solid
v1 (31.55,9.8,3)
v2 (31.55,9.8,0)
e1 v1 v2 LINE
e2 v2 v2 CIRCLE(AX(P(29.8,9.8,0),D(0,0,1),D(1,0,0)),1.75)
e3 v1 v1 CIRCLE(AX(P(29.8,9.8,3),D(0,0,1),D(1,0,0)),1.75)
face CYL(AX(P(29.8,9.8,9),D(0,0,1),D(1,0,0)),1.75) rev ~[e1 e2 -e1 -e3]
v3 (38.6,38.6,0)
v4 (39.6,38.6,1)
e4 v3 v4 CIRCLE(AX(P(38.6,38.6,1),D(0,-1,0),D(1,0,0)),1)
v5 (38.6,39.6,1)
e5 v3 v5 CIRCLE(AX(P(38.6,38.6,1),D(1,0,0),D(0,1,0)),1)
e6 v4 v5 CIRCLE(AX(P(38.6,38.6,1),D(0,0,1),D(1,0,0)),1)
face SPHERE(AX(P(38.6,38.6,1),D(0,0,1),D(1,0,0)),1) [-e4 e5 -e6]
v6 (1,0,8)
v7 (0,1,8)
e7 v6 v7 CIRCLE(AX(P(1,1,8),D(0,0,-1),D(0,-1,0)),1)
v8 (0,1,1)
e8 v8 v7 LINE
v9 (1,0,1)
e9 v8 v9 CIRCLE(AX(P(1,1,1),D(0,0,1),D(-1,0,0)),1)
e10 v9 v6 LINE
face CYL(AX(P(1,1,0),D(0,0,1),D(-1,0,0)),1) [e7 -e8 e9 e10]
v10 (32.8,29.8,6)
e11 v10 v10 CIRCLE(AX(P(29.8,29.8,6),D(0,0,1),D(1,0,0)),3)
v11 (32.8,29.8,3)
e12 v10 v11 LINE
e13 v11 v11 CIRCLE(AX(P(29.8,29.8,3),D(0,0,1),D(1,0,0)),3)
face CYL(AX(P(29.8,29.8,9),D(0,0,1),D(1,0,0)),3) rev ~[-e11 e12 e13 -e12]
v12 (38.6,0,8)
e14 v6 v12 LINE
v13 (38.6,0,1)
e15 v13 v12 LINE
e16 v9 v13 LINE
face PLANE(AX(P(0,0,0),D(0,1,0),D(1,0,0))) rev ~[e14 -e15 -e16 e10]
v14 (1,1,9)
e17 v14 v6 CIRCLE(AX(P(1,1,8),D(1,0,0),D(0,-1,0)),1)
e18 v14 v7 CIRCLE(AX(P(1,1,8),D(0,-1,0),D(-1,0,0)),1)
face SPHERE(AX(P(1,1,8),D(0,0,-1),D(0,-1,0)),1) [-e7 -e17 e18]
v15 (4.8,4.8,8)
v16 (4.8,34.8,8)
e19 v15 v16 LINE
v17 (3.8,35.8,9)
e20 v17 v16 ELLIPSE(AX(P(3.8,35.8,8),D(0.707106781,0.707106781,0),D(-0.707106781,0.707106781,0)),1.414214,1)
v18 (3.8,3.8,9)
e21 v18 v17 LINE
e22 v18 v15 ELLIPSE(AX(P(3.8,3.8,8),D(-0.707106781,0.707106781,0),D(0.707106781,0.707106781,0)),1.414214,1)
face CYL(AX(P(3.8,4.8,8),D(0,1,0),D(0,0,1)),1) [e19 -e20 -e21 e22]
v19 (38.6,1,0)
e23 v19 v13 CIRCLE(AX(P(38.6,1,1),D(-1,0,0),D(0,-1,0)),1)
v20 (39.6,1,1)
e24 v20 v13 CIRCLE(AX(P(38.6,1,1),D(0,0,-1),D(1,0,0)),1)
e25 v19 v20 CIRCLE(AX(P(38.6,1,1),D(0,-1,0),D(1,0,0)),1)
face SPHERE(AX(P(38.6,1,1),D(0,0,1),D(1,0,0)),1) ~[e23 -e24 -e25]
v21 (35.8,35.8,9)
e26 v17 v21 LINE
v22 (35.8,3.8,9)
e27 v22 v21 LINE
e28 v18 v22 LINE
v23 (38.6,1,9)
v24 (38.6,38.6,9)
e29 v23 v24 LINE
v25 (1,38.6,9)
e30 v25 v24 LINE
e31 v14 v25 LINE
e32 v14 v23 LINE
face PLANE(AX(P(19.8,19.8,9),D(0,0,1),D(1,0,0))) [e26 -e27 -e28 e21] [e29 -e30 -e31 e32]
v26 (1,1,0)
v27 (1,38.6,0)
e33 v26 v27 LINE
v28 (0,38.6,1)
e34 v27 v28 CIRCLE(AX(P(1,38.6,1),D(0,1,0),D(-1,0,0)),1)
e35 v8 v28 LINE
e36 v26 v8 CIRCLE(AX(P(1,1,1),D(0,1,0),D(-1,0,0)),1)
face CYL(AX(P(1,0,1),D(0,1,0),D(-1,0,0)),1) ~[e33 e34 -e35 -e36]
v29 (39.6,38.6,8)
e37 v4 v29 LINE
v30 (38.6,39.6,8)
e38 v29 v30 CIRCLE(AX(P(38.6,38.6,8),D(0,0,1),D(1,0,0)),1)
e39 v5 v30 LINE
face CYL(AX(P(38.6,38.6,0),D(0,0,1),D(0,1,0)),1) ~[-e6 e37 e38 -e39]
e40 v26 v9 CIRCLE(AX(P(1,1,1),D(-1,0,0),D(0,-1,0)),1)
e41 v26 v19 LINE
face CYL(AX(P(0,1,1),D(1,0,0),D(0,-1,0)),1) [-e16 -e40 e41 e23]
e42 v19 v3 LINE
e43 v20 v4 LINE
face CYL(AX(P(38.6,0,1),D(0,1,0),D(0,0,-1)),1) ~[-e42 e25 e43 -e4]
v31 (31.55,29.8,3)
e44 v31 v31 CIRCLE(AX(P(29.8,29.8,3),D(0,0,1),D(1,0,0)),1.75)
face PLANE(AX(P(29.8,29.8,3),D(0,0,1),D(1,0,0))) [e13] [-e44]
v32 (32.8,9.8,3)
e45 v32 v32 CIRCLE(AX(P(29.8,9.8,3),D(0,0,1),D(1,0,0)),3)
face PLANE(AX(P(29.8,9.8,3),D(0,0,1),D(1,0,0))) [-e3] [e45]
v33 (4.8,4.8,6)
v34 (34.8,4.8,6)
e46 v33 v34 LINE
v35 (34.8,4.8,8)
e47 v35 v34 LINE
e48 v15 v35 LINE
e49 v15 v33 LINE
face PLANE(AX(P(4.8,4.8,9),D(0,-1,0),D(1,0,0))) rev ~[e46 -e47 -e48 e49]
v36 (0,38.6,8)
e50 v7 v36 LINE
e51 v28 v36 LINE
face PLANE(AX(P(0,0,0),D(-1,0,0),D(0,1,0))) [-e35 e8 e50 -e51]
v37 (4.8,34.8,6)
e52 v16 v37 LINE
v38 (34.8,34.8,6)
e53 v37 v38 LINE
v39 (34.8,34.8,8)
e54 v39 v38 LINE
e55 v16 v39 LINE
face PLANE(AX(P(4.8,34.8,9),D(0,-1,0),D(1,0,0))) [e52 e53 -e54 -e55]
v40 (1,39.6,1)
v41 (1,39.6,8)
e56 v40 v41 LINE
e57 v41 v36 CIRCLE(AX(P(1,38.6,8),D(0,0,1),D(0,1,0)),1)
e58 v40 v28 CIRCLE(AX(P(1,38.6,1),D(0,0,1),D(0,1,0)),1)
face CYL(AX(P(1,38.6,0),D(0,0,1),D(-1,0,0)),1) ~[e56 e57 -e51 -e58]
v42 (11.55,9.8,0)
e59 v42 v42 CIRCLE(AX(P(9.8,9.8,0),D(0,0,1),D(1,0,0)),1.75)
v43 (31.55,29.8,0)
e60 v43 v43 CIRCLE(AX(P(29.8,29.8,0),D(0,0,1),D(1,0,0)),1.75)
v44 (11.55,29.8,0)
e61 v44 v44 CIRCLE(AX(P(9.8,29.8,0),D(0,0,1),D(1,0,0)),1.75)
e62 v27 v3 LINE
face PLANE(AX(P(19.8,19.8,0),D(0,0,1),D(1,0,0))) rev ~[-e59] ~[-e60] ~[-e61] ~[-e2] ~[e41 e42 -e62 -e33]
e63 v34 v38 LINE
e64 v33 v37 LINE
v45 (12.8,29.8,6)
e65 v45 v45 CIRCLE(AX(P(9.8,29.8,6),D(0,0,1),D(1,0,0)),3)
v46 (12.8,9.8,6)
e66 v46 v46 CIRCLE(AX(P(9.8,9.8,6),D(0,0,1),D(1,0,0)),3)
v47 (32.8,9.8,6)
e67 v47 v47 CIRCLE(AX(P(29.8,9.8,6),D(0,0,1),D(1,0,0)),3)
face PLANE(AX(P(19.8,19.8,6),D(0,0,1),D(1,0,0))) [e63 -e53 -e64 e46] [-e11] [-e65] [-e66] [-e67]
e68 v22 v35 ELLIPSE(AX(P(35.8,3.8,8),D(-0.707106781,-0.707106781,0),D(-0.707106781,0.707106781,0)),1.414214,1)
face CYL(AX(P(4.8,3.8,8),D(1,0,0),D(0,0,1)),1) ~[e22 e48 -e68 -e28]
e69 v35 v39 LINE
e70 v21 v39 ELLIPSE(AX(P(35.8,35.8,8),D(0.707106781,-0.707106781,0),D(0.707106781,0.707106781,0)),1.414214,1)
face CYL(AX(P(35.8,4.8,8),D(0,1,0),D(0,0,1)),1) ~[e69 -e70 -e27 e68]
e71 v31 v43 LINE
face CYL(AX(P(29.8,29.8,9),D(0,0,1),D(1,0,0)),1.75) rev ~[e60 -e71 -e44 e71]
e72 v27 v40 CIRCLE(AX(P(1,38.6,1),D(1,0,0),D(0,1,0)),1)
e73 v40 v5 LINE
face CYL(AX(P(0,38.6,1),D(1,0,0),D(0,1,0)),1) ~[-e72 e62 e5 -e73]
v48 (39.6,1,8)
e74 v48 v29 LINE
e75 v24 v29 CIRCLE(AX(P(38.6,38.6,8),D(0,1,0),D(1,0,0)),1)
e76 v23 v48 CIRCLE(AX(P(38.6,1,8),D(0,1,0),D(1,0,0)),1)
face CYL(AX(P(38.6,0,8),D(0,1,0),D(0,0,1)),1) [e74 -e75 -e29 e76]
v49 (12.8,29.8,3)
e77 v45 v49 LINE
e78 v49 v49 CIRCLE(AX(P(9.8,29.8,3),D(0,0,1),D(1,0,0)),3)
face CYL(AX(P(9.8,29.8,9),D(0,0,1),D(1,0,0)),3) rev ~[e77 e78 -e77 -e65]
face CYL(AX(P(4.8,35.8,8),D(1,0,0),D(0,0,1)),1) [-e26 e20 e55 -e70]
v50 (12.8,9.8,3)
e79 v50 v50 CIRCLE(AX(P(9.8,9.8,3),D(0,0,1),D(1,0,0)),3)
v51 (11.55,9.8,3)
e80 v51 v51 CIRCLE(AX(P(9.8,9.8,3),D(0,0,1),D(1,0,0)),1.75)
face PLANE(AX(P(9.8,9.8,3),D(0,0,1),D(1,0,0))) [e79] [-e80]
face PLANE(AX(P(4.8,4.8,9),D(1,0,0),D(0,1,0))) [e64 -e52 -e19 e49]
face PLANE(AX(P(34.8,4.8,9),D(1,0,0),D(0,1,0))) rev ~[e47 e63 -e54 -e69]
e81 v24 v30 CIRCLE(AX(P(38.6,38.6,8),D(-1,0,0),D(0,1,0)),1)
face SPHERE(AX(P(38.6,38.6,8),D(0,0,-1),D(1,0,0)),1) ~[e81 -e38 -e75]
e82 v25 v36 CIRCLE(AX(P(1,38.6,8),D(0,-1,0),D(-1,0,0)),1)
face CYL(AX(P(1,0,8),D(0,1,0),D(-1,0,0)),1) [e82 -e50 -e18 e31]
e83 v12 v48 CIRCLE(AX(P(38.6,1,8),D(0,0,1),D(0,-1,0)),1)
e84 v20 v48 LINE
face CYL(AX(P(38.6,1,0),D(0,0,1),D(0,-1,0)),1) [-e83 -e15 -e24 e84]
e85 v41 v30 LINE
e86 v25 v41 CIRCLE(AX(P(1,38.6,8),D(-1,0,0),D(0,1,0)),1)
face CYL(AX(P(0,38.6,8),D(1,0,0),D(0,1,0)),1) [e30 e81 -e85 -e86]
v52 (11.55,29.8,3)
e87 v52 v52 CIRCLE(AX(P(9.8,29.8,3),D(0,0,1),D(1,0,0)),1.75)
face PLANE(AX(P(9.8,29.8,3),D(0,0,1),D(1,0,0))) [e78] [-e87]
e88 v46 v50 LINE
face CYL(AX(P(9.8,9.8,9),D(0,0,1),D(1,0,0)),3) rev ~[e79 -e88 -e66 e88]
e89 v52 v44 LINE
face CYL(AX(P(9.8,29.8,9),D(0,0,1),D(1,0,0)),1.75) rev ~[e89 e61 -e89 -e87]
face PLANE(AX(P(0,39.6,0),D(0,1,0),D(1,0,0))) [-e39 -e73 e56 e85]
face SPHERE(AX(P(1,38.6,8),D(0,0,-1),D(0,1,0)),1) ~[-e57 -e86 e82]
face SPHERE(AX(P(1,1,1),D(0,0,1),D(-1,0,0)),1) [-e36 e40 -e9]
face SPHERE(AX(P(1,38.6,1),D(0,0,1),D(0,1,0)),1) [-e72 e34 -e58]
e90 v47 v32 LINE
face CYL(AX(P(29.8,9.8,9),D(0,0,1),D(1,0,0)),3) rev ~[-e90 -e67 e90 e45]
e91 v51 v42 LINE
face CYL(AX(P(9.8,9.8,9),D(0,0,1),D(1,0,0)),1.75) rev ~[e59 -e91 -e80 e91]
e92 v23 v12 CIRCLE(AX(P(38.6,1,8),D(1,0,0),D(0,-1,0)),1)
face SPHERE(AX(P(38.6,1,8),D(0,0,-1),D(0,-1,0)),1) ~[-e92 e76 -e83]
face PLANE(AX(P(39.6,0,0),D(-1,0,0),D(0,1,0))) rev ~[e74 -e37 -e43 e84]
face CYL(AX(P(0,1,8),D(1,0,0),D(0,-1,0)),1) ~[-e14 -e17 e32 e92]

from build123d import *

# Parameters (mm, degrees)
SKETCH_W        = 39.6
SKETCH_H        = 39.6
PAD_DEPTH       = 9
SKETCH001_R     = 1.75
POCKET_DEPTH    = 10
SKETCH002_R     = 3
POCKET001_DEPTH = 6
SKETCH003_W     = 30
SKETCH003_H     = 30
POCKET002_DEPTH = 3
FILLET_R        = 1


with BuildPart() as part:
    # Sketch → Pad (new body)
    with BuildSketch(Plane.XY):
        with Locations((19.8, 19.8)):
            Rectangle(SKETCH_W, SKETCH_H)
    extrude(amount=PAD_DEPTH)

    # Sketch001 (on Face6 of Pad) → Pocket (cut)
    with BuildSketch(Plane.XY.offset(9)):
        with Locations((9.8, 9.8)):
            Circle(SKETCH001_R)
        with Locations((9.8, 29.8)):
            Circle(SKETCH001_R)
        with Locations((29.8, 9.8)):
            Circle(SKETCH001_R)
        with Locations((29.8, 29.8)):
            Circle(SKETCH001_R)
    extrude(amount=-POCKET_DEPTH, mode=Mode.SUBTRACT)

    # Sketch002 (on Face5 of Pocket) → Pocket001 (cut)
    with BuildSketch(Plane.XY.offset(9)):
        with Locations((9.8, 9.8)):
            Circle(SKETCH002_R)
        with Locations((9.8, 29.8)):
            Circle(SKETCH002_R)
        with Locations((29.8, 9.8)):
            Circle(SKETCH002_R)
        with Locations((29.8, 29.8)):
            Circle(SKETCH002_R)
    extrude(amount=-POCKET001_DEPTH, mode=Mode.SUBTRACT)

    # Sketch003 (on Face5 of Pocket001) → Pocket002 (cut)
    with BuildSketch(Plane.XY.offset(9)):
        with Locations((19.8, 19.8)):
            Rectangle(SKETCH003_W, SKETCH003_H)
    extrude(amount=-POCKET002_DEPTH, mode=Mode.SUBTRACT)

    # Fillet
    fillet_edges = [part.edges().sort_by_distance(p)[0] for p in [
        (0, 39.6, 4.5),
        (0, 0, 4.5),
        (39.6, 39.6, 4.5),
        (39.6, 0, 4.5),
        (39.6, 19.8, 0),
        (19.8, 39.6, 0),
        (0, 19.8, 0),
        (19.8, 0, 0),
        (19.8, 0, 9),
        (39.6, 19.8, 9),
        (19.8, 39.6, 9),
        (0, 19.8, 9),
        (4.8, 19.8, 9),
        (19.8, 34.8, 9),
        (34.8, 19.8, 9),
        (19.8, 4.8, 9),
    ]]
    fillet(fillet_edges, radius=FILLET_R)


solid = part.part
